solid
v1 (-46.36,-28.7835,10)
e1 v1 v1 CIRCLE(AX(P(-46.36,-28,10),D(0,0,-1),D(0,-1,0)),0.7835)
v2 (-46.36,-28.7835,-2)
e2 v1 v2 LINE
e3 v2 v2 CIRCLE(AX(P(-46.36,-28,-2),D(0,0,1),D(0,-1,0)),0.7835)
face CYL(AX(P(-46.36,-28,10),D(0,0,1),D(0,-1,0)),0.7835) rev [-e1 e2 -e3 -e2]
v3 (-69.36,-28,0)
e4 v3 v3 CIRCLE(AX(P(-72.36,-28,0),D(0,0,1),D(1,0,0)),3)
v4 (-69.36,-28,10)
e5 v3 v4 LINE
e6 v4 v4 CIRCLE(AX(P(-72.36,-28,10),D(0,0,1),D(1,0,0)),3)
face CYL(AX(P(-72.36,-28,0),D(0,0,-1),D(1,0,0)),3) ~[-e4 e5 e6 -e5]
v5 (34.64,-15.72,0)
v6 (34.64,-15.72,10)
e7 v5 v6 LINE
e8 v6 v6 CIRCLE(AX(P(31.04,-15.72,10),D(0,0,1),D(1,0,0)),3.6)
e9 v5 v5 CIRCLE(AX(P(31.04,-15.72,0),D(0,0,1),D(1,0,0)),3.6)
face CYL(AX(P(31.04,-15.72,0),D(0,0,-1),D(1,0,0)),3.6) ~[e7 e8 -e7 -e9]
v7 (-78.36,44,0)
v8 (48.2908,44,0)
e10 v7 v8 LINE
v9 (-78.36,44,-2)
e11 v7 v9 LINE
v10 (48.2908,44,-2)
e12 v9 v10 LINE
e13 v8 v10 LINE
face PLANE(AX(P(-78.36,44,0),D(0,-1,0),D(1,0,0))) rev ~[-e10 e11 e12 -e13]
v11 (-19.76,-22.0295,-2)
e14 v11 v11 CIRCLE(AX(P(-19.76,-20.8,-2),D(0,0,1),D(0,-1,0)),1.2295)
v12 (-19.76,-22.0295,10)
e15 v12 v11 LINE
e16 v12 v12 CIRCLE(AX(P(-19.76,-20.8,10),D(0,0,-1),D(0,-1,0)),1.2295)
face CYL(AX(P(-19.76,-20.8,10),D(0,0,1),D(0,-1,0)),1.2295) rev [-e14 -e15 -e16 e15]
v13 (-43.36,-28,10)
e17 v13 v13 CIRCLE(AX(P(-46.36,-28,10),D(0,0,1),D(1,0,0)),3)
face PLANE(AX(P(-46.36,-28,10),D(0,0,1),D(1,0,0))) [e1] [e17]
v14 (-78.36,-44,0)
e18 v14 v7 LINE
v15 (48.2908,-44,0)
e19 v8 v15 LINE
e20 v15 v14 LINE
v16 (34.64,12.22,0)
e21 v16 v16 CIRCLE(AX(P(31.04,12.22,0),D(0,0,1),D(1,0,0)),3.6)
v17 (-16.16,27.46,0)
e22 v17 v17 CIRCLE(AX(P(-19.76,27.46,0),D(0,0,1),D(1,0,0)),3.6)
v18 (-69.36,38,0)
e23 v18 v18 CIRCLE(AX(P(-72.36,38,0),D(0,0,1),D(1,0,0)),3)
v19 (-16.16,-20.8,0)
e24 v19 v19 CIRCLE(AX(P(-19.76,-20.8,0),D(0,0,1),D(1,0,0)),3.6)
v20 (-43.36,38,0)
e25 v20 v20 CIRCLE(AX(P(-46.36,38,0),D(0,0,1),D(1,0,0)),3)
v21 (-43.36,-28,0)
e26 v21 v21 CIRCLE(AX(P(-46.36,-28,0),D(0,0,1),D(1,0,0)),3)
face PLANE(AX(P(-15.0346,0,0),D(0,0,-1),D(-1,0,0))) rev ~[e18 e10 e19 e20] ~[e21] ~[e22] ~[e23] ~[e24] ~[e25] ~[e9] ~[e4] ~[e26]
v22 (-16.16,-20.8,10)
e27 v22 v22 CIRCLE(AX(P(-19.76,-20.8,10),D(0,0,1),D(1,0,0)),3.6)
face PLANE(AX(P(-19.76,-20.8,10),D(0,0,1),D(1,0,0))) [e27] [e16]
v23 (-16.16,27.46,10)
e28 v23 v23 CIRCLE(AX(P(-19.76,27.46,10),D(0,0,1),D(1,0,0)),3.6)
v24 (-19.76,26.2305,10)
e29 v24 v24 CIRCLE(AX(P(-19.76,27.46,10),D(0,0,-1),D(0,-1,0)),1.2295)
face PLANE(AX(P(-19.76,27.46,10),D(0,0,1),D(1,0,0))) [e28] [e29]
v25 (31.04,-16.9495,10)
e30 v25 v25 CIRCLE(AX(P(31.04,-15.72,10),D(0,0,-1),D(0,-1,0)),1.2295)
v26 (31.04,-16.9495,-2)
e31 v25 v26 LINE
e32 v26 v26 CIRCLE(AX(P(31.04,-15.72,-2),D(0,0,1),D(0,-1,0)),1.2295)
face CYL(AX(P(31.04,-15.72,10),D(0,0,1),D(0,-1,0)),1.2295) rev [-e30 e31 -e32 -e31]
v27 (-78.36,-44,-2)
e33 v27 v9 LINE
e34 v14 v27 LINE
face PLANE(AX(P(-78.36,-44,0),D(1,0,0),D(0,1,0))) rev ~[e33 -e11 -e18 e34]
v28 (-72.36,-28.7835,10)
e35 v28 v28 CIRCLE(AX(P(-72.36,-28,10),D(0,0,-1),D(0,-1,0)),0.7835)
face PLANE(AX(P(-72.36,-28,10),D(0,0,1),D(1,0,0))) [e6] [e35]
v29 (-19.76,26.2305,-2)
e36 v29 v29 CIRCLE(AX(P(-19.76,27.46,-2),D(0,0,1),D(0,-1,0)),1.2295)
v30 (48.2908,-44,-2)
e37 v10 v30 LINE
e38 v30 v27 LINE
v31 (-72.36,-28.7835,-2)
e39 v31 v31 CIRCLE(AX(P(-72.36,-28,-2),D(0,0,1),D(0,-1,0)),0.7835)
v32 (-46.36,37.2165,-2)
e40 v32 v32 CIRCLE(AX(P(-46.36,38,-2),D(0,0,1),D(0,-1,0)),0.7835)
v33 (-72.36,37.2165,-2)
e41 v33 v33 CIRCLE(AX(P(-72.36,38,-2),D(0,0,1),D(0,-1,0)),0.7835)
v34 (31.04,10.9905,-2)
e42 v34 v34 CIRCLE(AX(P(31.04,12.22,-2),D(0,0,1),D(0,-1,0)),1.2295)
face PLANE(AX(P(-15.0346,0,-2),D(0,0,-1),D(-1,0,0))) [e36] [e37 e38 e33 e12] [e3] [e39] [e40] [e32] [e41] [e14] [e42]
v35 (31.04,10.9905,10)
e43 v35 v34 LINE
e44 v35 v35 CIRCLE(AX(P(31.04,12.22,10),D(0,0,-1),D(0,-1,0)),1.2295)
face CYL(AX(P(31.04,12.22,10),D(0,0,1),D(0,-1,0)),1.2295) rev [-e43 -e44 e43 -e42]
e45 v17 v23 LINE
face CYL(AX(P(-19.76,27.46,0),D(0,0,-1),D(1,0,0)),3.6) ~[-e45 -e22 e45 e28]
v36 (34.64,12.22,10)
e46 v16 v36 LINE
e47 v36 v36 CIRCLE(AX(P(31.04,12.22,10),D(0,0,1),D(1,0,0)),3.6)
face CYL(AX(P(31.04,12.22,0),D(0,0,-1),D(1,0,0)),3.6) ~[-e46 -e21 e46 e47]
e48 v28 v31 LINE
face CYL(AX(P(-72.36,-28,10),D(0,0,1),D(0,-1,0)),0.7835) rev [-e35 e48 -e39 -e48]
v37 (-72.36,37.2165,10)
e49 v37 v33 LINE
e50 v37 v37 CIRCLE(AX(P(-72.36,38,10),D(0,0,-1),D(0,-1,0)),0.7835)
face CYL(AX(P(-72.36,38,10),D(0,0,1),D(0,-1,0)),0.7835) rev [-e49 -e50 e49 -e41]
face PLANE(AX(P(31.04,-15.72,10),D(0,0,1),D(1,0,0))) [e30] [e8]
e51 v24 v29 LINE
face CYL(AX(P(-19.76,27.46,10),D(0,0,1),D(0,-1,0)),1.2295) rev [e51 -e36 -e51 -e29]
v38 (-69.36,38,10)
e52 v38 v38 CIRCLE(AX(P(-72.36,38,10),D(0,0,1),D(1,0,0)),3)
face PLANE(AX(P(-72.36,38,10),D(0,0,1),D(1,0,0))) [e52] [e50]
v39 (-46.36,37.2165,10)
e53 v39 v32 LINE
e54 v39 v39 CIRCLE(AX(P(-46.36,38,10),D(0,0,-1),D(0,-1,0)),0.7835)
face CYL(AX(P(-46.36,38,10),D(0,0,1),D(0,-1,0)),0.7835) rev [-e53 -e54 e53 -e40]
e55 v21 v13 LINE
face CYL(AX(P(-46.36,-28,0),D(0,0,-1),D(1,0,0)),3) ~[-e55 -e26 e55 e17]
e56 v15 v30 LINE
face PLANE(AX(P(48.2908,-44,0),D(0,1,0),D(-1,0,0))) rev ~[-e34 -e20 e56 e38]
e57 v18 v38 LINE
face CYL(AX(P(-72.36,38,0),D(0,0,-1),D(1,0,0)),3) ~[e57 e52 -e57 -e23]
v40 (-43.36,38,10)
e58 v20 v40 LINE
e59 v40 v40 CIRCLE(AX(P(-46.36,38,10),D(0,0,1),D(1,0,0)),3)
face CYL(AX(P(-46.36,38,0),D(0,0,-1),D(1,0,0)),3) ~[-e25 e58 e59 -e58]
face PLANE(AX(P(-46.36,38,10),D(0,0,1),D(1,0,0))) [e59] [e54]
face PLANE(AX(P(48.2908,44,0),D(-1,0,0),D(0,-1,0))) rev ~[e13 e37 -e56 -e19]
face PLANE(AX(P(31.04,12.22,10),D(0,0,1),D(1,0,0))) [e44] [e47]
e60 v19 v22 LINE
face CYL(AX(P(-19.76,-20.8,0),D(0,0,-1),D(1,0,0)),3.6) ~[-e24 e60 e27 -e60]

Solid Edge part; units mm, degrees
sketch "Sketch1" plane through (0, 0, 0) normal (0, 0, 1) x (1, 0, 0)
  line L0 (48.2908, -44) -> (-78.36, -44)
  line L1 (-78.36, -44) -> (-78.36, 44)
  line L2 (-78.36, 44) -> (48.2908, 44)
  line L3 (48.2908, 44) -> (48.2908, -44)
extrude "Protrusion1" add sketch "Sketch1" against normal blind 2
sketch "Sketch2" plane through (0, 0, 0) normal (0, 0, 1) x (1, 0, 0)
  circle A0 centre (-72.36, 38) radius 3
  circle A1 centre (-46.36, 38) radius 3
  circle A2 centre (-46.36, -28) radius 3
  circle A3 centre (-19.76, -20.8) radius 3.6
  circle A4 centre (-19.76, 27.46) radius 3.6
  circle A5 centre (31.04, -15.72) radius 3.6
  circle A6 centre (31.04, 12.22) radius 3.6
  circle A7 centre (-72.36, -28) radius 3
  dimension "D1" = 17.2508
  dimension "D2" = 23.2
  dimension "D3" = 2
  dimension "D4" = 3
  dimension "D5" = 66
  dimension "D6" = 3
  dimension "D7" = 23
  dimension "D8" = 16
  dimension "D9" = 2
  dimension "D10" = 3
  dimension "D11" = 26
extrude "ExtrudedProtrusion_3" add sketch "Sketch2" along normal blind 10
hole "Hole_1" at (-46.36, -28, 10) direction (0, 0, -1) diameter 1.567 end up to next
hole "Hole1" at (-72.36, -28, 10) direction (0, 0, -1) diameter 1.567 end up to next
hole "Hole2" at (-72.36, 38, 10) direction (0, 0, -1) diameter 1.567 end up to next
hole "Hole3" at (-46.36, 38, 10) direction (0, 0, -1) diameter 1.567 end up to next
hole "Hole_5" at (31.04, 12.22, 10) direction (0, 0, -1) diameter 2.459 end up to next
hole "Hole4" at (31.04, -15.72, 10) direction (0, 0, -1) diameter 2.459 end up to next
hole "Hole5" at (-19.76, -20.8, 10) direction (0, 0, -1) diameter 2.459 end up to next
hole "Hole6" at (-19.76, 27.46, 10) direction (0, 0, -1) diameter 2.459 end up to next
